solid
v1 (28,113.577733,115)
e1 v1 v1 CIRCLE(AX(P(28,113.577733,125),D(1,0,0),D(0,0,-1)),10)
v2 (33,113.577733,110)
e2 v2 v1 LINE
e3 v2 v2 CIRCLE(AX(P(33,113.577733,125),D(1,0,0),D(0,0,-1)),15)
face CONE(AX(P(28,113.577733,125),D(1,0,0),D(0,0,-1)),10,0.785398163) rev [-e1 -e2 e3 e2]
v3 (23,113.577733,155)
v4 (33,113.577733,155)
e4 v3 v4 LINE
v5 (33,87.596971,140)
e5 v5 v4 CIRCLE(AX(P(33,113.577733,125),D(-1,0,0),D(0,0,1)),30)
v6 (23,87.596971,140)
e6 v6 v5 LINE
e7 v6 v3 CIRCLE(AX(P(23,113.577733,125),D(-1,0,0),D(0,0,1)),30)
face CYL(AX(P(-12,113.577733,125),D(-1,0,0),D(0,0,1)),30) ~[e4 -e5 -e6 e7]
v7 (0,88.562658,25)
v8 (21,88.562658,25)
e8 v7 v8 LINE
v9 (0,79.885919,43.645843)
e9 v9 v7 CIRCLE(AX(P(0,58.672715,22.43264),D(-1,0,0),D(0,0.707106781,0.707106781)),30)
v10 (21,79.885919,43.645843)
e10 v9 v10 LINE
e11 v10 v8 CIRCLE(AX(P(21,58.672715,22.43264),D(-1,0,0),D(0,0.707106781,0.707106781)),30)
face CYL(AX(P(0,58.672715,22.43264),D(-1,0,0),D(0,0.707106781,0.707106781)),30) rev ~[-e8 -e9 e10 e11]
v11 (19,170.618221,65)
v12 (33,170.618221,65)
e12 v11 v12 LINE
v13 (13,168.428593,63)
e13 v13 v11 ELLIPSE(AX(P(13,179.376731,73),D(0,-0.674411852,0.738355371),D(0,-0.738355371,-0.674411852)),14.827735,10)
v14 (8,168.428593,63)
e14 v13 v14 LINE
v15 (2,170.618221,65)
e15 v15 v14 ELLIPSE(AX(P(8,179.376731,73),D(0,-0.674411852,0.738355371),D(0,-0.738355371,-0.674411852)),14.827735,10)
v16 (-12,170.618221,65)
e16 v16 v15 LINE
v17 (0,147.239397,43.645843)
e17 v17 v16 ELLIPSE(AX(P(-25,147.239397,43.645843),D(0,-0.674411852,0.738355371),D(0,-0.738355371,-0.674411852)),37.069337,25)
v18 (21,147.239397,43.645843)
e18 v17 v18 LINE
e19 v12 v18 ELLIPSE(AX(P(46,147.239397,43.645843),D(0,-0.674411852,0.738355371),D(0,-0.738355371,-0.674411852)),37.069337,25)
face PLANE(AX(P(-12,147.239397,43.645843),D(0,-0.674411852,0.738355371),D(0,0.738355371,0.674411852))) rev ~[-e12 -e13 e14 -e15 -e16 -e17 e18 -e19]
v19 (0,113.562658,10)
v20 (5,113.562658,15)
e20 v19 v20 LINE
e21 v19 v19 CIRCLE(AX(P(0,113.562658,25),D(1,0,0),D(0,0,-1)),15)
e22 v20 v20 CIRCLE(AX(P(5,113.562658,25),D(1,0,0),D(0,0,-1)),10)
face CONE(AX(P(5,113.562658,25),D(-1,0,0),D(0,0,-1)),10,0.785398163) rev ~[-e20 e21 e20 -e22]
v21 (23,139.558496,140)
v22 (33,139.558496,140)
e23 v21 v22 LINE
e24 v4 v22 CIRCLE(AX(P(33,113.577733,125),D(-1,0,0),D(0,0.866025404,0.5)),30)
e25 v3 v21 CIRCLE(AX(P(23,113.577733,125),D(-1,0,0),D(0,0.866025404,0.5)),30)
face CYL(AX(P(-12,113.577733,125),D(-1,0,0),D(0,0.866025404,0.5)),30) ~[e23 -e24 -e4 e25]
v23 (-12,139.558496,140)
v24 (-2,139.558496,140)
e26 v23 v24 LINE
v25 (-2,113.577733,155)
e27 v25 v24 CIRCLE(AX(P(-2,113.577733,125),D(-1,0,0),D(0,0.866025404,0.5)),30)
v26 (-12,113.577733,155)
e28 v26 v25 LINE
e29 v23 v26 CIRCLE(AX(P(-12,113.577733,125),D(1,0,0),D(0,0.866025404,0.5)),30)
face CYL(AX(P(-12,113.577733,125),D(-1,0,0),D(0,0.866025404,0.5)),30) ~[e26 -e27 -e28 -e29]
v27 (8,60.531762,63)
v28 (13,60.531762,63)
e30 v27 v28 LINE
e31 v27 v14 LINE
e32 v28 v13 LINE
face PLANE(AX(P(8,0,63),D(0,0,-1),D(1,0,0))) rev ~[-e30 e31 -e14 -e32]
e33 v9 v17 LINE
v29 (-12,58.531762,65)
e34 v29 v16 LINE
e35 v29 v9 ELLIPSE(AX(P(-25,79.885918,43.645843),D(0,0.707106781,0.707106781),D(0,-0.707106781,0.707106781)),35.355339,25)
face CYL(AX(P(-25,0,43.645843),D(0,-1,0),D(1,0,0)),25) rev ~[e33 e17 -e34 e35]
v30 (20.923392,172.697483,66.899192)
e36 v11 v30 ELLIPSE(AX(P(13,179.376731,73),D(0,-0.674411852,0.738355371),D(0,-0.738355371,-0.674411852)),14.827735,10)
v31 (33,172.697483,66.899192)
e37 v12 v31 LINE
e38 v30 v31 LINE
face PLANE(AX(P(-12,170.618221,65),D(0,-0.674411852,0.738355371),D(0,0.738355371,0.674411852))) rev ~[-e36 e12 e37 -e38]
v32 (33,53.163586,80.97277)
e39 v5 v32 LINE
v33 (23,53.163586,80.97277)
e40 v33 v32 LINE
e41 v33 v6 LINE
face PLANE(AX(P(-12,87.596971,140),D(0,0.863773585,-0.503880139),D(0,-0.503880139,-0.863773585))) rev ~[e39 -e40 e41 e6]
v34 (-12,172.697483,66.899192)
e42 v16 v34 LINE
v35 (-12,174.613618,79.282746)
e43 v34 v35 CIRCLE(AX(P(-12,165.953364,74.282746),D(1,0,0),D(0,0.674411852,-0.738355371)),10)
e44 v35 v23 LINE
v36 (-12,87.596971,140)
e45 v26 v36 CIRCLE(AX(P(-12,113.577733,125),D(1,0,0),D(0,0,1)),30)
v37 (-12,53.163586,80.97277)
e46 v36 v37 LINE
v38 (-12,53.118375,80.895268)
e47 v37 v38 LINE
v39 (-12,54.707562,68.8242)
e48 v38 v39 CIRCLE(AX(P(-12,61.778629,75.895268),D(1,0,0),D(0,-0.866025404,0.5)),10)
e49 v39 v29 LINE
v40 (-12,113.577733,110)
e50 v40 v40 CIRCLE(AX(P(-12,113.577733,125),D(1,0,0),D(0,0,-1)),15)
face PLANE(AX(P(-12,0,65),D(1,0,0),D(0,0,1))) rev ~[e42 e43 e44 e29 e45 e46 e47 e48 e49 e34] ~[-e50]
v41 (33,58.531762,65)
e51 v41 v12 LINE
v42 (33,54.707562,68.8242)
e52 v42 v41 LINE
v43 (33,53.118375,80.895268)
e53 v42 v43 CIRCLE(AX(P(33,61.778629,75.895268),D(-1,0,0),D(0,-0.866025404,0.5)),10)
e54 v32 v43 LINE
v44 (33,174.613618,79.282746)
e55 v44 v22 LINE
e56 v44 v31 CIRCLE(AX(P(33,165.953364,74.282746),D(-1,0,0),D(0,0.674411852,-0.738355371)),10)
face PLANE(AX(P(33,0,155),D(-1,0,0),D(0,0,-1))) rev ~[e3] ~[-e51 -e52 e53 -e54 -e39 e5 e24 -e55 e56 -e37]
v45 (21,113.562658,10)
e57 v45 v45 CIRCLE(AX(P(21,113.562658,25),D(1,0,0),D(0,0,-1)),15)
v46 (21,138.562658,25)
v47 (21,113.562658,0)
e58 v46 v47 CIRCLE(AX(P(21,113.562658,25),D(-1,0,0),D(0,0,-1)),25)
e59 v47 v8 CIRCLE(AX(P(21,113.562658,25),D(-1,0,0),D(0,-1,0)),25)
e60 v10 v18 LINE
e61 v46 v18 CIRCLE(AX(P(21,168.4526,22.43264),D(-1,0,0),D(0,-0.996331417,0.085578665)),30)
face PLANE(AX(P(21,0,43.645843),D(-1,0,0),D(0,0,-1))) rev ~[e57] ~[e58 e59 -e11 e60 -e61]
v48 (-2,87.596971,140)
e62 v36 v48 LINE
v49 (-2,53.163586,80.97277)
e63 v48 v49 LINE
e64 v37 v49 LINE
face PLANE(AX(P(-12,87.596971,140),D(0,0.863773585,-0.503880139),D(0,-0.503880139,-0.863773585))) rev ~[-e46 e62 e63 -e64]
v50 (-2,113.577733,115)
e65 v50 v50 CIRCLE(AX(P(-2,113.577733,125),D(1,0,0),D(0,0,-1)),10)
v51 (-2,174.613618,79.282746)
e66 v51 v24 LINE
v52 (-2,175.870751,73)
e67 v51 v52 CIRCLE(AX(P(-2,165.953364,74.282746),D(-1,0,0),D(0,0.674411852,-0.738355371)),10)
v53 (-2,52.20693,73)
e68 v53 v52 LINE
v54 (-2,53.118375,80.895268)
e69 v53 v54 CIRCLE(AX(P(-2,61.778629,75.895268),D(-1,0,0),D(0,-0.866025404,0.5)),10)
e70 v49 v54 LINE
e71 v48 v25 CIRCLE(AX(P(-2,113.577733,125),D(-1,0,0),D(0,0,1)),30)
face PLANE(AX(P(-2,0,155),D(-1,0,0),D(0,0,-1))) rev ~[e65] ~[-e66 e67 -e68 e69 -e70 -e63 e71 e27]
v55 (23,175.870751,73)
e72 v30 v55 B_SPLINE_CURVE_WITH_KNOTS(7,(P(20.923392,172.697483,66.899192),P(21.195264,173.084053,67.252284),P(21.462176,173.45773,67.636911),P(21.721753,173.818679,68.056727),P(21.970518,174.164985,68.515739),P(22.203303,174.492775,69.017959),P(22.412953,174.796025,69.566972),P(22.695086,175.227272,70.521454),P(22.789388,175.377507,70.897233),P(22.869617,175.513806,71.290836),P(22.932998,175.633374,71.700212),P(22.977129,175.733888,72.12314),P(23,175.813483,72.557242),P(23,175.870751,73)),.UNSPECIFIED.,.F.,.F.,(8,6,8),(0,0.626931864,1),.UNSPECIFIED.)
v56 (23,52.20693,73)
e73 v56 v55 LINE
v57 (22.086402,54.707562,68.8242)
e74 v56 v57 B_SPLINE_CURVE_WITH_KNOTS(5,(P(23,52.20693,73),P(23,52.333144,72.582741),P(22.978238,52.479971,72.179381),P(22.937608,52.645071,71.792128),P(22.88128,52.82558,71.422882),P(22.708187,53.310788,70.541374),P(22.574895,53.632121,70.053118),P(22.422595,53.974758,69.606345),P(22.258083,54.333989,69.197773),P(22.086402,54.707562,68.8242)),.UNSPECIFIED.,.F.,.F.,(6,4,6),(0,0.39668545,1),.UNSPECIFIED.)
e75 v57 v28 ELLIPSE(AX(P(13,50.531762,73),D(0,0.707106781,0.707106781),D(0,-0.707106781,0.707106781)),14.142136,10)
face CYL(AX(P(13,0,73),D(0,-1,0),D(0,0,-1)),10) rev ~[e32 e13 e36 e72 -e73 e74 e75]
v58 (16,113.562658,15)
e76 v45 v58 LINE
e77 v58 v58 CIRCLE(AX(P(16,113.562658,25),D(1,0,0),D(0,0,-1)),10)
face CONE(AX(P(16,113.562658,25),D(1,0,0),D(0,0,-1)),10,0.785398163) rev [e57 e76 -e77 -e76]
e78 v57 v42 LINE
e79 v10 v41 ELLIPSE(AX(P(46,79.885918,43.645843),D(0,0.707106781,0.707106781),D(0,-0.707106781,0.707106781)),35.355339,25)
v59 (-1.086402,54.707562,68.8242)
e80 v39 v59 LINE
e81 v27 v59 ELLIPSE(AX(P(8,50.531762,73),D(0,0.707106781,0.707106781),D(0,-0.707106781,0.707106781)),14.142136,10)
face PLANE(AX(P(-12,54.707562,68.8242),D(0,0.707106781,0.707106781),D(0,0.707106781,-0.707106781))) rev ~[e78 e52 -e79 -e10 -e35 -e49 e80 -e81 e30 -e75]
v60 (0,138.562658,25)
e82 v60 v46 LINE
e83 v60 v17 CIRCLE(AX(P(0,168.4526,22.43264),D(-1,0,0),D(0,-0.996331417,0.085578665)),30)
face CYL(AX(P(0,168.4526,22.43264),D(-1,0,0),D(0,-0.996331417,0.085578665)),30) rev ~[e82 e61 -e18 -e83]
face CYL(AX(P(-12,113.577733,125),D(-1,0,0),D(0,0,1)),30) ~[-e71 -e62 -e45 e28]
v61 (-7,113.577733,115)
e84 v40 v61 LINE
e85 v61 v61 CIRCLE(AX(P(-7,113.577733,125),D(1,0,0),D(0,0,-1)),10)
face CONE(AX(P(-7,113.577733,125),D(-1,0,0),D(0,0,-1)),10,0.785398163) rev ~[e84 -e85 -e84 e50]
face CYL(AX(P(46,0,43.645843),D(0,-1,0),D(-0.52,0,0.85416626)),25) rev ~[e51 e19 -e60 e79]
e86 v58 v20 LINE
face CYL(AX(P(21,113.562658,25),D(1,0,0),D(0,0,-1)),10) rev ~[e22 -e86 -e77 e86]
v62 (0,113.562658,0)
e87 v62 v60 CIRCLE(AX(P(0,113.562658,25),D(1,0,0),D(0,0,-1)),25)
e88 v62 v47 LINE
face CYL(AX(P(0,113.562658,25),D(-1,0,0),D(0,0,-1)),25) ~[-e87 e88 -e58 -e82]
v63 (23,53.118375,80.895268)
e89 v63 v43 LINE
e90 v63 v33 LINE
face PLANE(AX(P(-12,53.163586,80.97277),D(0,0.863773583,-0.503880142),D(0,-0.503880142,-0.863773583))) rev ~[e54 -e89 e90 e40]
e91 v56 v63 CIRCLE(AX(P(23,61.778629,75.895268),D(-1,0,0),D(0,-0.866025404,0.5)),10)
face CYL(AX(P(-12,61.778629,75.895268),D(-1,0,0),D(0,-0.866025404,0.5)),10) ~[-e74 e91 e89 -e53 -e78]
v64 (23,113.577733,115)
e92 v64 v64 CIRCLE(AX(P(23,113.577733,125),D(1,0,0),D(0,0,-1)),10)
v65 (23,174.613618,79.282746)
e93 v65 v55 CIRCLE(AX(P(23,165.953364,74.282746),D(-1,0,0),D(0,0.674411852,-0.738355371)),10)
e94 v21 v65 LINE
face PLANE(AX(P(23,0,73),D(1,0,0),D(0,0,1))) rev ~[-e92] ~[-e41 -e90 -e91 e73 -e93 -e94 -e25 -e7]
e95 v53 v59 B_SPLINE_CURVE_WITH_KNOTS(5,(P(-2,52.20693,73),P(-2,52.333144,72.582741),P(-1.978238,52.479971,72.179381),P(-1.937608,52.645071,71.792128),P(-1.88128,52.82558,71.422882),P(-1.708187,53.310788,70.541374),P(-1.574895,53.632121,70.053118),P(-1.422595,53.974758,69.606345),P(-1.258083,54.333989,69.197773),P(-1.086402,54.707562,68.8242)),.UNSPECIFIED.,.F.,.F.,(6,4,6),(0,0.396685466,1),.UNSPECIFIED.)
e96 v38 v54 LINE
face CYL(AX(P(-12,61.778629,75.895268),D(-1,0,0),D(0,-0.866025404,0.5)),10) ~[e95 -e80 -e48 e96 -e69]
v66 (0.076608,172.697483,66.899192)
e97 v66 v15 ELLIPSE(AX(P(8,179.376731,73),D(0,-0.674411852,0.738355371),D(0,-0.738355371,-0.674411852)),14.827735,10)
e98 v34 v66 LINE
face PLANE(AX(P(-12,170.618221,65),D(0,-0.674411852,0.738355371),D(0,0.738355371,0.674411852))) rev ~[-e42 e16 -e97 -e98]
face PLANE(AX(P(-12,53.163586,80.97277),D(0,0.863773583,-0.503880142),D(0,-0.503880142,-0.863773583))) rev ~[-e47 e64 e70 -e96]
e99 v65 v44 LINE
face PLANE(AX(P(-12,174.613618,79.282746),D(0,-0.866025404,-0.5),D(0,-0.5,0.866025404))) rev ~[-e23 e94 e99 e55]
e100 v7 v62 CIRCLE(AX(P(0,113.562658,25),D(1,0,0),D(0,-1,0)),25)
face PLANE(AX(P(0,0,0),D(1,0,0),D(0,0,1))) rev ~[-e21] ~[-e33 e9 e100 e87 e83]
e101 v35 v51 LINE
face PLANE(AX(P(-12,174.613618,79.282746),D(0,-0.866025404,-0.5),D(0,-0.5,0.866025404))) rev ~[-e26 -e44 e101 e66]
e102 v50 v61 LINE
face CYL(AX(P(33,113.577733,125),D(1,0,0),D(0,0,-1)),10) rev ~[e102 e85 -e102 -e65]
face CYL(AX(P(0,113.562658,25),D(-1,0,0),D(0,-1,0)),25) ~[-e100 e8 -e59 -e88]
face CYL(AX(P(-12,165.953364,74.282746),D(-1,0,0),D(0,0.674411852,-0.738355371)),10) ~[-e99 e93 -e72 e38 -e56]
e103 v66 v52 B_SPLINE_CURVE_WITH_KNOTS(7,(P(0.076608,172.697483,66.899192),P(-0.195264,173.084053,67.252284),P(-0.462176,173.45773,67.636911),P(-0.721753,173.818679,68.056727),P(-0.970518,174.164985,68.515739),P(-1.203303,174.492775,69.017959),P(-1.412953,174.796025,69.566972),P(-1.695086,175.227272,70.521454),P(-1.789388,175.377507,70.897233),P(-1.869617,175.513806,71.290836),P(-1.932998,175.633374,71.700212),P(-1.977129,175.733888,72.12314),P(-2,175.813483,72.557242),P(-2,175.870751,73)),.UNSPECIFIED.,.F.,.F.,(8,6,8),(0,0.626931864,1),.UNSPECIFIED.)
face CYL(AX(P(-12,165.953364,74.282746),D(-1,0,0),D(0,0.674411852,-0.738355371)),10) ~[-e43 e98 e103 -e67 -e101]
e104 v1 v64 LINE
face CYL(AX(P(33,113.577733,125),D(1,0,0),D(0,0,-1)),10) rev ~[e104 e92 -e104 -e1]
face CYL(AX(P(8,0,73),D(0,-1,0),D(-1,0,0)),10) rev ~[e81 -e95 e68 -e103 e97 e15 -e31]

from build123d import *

# Parameters (mm, degrees)
BOSS_EXTRUDE1_DEPTH = 218
CUT_EXTRUDE1_DEPTH  = 218
CUT_EXTRUDE2_DEPTH  = 218
SKETCH6_R           = 10
CUT_EXTRUDE3_DEPTH  = 218
SKETCH7_R           = 10
CUT_EXTRUDE4_DEPTH  = 218
CHAMFER1_SIZE       = 5


with BuildPart() as part:
    # Sketch1 → Boss-Extrude1 (new body)
    with BuildSketch(Plane(origin=(0, 0, 0), x_dir=(1, 0, 0), z_dir=(0, 1, 0))):
        with BuildLine():
            Line((8, -63), (13, -63))
            ThreePointArc((13, -63), (20.071067812, -65.928932188), (23, -73))
            Line((23, -73), (23, -155))
            Line((23, -155), (33, -155))
            Line((33, -155), (33, -65))
            ThreePointArc((33, -65), (24.205505282, -55.89329221), (21, -43.645843496))
            Line((21, -43.645843496), (21, 0))
            Line((21, 0), (0, 0))
            Line((0, 0), (0, -43.645843496))
            ThreePointArc((0, -43.645843496), (-3.205505282, -55.89329221), (-12, -65))
            Line((-12, -65), (-12, -155))
            Line((-12, -155), (-2, -155))
            Line((-2, -155), (-2, -100.45062745))
            Line((-2, -100.45062745), (-2, -73))
            ThreePointArc((-2, -73), (0.928932188, -65.928932188), (8, -63))
        make_face()
    extrude(amount=BOSS_EXTRUDE1_DEPTH)

    # Sketch3 → Cut-Extrude1 (cut)
    with BuildSketch(Plane.ZY):
        with BuildLine():
            ThreePointArc((25, 138.56265757), (35.089663756, 141.253339953), (43.645843496, 147.239396639))
            Line((43.645843496, 147.239396639), (43.645843496, 218))
            Line((43.645843496, 218), (0, 218))
            Line((0, 218), (0, 113.56265757))
            ThreePointArc((0, 113.56265757), (7.32233047, 131.2403271), (25, 138.56265757))
        make_face()
        with BuildLine():
            ThreePointArc((25, 88.56265757), (7.32233047, 95.884988041), (0, 113.56265757))
            Line((0, 113.56265757), (0, 0))
            Line((0, 0), (43.645843496, 0))
            Line((43.645843496, 0), (43.645843496, 79.885918501))
            ThreePointArc((43.645843496, 79.885918501), (35.089663756, 85.871975187), (25, 88.56265757))
        make_face()
    extrude(amount=-CUT_EXTRUDE1_DEPTH, mode=Mode.SUBTRACT)

    # Sketch5 → Cut-Extrude2 (cut)
    with BuildSketch(Plane.ZY.offset(12)):
        with BuildLine():
            ThreePointArc((66.899192484, 172.697482901), (72.753620331, 175.835761562), (79.282746191, 174.613618416))
            Line((79.282746191, 174.613618416), (140, 139.558495585))
            ThreePointArc((140, 139.558495585), (150.980762114, 128.577733471), (155, 113.577733471))
            Line((155, 113.577733471), (155, 218))
            Line((155, 218), (65, 218))
            Line((65, 218), (65, 170.618220852))
            Line((65, 170.618220852), (66.899192484, 172.697482901))
        make_face()
        Polygon((43.645843496, 147.239396639), (65, 170.618220852), (65, 218), (43.645843496, 218), align=None)
        Polygon((65, 0), (65, 58.531761997), (43.645843496, 79.885918501), (43.645843496, 0), align=None)
        with BuildLine():
            Line((155, 0), (155, 113.577733471))
            ThreePointArc((155, 113.577733471), (150.980762114, 98.577733471), (140, 87.596971358))
            Line((140, 87.596971358), (80.972769589, 53.163585587))
            Line((80.972769589, 53.163585587), (80.895268222, 53.11837536))
            ThreePointArc((80.895268222, 53.11837536), (74.5900063, 51.864180784), (68.824200411, 54.707561586))
            Line((68.824200411, 54.707561586), (65, 58.531761997))
            Line((65, 58.531761997), (65, 0))
            Line((65, 0), (155, 0))
        make_face()
    extrude(amount=-CUT_EXTRUDE2_DEPTH, mode=Mode.SUBTRACT)

    # Sketch6 → Cut-Extrude3 (cut)
    with BuildSketch(Plane(origin=(33, 0, 0), x_dir=(0, 0, -1), z_dir=(1, 0, 0))):
        with Locations((-125, 113.577733471)):
            Circle(SKETCH6_R)
    extrude(amount=-CUT_EXTRUDE3_DEPTH, mode=Mode.SUBTRACT)

    # Sketch7 → Cut-Extrude4 (cut)
    with BuildSketch(Plane(origin=(21, 0, 0), x_dir=(0, 0, -1), z_dir=(1, 0, 0))):
        with Locations((-25, 113.56265757)):
            Circle(SKETCH7_R)
    extrude(amount=-CUT_EXTRUDE4_DEPTH, mode=Mode.SUBTRACT)

    # Chamfer1
    chamfer1_edges = [part.edges().sort_by_distance(p)[0] for p in [
        (-12, 113.577733471, 135),
        (33, 113.577733471, 135),
        (0, 113.56265757, 35),
        (21, 113.56265757, 35),
    ]]
    chamfer(chamfer1_edges, length=CHAMFER1_SIZE)


solid = part.part
